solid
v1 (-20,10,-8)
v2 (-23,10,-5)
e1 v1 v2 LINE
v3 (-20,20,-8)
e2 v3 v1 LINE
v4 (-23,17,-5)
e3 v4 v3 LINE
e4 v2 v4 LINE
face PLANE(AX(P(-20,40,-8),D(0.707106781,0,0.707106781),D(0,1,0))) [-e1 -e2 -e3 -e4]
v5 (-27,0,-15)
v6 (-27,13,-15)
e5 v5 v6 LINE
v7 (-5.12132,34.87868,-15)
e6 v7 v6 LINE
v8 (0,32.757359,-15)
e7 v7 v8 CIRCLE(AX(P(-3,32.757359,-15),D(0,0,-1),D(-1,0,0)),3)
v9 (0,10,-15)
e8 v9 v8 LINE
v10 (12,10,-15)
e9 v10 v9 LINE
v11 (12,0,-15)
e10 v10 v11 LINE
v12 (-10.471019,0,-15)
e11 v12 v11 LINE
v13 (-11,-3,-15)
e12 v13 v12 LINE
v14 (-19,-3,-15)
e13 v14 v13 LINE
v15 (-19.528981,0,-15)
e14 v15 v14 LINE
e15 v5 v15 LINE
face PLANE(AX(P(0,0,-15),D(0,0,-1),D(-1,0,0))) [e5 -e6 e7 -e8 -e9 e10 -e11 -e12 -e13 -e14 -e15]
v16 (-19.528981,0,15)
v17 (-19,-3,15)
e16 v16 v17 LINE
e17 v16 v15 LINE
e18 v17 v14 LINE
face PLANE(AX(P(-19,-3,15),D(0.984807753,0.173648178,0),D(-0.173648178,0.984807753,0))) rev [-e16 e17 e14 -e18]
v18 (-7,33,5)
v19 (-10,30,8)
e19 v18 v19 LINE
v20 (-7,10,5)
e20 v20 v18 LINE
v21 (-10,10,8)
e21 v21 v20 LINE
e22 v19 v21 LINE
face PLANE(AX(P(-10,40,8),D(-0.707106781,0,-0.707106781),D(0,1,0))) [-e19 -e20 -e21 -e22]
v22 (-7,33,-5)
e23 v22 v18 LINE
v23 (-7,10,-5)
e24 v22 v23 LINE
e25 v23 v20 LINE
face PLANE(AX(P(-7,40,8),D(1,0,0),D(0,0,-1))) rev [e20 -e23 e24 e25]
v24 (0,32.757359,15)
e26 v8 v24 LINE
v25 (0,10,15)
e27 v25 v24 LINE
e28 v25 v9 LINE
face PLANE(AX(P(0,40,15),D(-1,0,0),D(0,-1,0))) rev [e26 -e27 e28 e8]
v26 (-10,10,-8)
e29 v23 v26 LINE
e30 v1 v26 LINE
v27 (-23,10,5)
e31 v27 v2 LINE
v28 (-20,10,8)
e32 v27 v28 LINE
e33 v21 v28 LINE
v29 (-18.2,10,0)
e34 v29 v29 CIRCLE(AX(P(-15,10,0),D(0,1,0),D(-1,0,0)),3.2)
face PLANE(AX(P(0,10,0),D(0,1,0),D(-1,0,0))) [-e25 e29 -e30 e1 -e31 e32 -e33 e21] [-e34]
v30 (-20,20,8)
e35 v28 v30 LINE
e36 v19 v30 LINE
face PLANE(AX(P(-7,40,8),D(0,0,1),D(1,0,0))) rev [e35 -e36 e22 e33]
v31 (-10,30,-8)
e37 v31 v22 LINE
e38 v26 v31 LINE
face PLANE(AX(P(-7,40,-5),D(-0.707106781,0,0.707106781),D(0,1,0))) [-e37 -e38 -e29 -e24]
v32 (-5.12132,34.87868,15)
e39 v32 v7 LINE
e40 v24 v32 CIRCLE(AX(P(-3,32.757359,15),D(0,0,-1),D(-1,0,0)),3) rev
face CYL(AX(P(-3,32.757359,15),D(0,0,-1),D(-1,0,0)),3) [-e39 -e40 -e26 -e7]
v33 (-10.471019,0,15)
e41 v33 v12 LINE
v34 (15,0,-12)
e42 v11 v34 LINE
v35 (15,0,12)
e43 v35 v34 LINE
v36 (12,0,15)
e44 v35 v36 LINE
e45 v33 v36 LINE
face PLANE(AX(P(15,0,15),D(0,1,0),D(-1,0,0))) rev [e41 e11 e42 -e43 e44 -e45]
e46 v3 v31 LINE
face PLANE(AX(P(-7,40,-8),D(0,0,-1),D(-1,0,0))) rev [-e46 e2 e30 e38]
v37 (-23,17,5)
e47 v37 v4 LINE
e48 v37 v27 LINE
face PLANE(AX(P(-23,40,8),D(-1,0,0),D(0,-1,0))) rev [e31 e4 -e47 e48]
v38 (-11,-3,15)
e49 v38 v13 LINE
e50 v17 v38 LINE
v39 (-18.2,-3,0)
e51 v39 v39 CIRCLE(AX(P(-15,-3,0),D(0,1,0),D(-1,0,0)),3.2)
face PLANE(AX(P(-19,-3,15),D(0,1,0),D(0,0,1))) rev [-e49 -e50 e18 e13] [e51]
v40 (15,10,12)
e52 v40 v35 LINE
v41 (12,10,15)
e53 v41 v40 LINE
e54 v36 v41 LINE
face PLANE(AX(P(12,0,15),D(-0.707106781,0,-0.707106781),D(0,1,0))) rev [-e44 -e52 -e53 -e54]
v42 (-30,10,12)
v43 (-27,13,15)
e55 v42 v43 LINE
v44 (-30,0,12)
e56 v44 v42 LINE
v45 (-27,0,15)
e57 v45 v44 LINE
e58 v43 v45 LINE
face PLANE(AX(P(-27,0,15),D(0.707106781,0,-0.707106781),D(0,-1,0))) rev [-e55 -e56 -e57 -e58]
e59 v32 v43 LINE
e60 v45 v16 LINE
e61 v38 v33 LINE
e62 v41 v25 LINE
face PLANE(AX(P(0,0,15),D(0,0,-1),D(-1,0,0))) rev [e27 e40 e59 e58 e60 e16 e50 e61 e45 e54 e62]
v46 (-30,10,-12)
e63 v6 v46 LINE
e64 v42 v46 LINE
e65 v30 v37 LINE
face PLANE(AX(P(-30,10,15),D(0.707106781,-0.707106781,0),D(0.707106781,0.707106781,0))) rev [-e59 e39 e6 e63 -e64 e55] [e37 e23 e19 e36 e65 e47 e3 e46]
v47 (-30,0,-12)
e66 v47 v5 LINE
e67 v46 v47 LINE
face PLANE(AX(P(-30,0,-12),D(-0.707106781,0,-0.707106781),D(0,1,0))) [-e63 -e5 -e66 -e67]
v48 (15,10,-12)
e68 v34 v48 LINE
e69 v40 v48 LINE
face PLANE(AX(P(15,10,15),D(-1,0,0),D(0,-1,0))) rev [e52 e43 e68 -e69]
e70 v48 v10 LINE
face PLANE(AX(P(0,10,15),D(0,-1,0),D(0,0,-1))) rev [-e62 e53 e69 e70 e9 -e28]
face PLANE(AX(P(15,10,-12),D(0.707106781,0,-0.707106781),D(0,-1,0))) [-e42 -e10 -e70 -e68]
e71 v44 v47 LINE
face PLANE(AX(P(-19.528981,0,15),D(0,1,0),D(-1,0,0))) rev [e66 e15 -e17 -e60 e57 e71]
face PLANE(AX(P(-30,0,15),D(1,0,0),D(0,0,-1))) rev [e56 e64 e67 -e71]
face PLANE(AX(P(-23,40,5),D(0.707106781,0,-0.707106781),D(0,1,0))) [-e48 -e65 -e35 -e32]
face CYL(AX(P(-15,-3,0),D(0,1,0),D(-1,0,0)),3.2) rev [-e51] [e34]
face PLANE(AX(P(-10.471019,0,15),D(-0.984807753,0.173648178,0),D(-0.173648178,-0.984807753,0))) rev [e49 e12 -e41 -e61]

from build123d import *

# Parameters (mm, degrees)
SALIENTE_EXTRUIR1_DEPTH = 15
CHAFL_N1_SIZE           = 3
CORTAR_EXTRUIR1_START   = -10
CROQUIS3_W              = 16
CROQUIS3_H              = 16
CORTAR_EXTRUIR1_DEPTH   = 31
CHAFL_N2_SIZE           = 3
CROQUIS4_R              = 3.2
CORTAR_EXTRUIR2_DEPTH   = 14
REDONDEO1_R             = 3


with BuildPart() as part:
    # Croquis1 → Saliente-Extruir1 (new body, symmetric)
    with BuildSketch(Plane.XY):
        Polygon((-30, 0), (-30, 10), (0, 40), (0, 10), (15, 10), (15, 0), (0, 0), (-10.471019058, 0), (-11, -3), (-19, -3), (-19.528980942, 0), align=None)
    extrude(amount=SALIENTE_EXTRUIR1_DEPTH, both=True)

    # Chaflán1
    chafl_n1_edges = [part.edges().sort_by_distance(p)[0] for p in [
        (-30, 5, -15),
        (15, 5, 15),
        (15, 5, -15),
        (-30, 5, 15),
    ]]
    chamfer(chafl_n1_edges, length=CHAFL_N1_SIZE)

    # Croquis3 → Cortar-Extruir1 (cut, through all)
    with BuildSketch(Plane.XZ.offset(CORTAR_EXTRUIR1_START)):
        with Locations((-15, 0)):
            Rectangle(CROQUIS3_W, CROQUIS3_H)
    extrude(amount=-CORTAR_EXTRUIR1_DEPTH, mode=Mode.SUBTRACT)

    # Chaflán2
    chafl_n2_edges = [part.edges().sort_by_distance(p)[0] for p in [
        (-23, 13.5, -8),
        (-23, 13.5, 8),
        (-7, 21.5, 8),
        (-7, 21.5, -8),
    ]]
    chamfer(chafl_n2_edges, length=CHAFL_N2_SIZE)

    # Croquis4 → Cortar-Extruir2 (cut, through all)
    with BuildSketch(Plane(origin=(0, 10, 0), x_dir=(1, 0, 0), z_dir=(0, 1, 0))):
        with Locations((-15, 0)):
            Circle(CROQUIS4_R)
    extrude(amount=-CORTAR_EXTRUIR2_DEPTH, mode=Mode.SUBTRACT)

    # Redondeo1
    redondeo1_edges = [part.edges().sort_by_distance(p)[0] for p in [
        (0, 40, 0),
    ]]
    fillet(redondeo1_edges, radius=REDONDEO1_R)


solid = part.part
